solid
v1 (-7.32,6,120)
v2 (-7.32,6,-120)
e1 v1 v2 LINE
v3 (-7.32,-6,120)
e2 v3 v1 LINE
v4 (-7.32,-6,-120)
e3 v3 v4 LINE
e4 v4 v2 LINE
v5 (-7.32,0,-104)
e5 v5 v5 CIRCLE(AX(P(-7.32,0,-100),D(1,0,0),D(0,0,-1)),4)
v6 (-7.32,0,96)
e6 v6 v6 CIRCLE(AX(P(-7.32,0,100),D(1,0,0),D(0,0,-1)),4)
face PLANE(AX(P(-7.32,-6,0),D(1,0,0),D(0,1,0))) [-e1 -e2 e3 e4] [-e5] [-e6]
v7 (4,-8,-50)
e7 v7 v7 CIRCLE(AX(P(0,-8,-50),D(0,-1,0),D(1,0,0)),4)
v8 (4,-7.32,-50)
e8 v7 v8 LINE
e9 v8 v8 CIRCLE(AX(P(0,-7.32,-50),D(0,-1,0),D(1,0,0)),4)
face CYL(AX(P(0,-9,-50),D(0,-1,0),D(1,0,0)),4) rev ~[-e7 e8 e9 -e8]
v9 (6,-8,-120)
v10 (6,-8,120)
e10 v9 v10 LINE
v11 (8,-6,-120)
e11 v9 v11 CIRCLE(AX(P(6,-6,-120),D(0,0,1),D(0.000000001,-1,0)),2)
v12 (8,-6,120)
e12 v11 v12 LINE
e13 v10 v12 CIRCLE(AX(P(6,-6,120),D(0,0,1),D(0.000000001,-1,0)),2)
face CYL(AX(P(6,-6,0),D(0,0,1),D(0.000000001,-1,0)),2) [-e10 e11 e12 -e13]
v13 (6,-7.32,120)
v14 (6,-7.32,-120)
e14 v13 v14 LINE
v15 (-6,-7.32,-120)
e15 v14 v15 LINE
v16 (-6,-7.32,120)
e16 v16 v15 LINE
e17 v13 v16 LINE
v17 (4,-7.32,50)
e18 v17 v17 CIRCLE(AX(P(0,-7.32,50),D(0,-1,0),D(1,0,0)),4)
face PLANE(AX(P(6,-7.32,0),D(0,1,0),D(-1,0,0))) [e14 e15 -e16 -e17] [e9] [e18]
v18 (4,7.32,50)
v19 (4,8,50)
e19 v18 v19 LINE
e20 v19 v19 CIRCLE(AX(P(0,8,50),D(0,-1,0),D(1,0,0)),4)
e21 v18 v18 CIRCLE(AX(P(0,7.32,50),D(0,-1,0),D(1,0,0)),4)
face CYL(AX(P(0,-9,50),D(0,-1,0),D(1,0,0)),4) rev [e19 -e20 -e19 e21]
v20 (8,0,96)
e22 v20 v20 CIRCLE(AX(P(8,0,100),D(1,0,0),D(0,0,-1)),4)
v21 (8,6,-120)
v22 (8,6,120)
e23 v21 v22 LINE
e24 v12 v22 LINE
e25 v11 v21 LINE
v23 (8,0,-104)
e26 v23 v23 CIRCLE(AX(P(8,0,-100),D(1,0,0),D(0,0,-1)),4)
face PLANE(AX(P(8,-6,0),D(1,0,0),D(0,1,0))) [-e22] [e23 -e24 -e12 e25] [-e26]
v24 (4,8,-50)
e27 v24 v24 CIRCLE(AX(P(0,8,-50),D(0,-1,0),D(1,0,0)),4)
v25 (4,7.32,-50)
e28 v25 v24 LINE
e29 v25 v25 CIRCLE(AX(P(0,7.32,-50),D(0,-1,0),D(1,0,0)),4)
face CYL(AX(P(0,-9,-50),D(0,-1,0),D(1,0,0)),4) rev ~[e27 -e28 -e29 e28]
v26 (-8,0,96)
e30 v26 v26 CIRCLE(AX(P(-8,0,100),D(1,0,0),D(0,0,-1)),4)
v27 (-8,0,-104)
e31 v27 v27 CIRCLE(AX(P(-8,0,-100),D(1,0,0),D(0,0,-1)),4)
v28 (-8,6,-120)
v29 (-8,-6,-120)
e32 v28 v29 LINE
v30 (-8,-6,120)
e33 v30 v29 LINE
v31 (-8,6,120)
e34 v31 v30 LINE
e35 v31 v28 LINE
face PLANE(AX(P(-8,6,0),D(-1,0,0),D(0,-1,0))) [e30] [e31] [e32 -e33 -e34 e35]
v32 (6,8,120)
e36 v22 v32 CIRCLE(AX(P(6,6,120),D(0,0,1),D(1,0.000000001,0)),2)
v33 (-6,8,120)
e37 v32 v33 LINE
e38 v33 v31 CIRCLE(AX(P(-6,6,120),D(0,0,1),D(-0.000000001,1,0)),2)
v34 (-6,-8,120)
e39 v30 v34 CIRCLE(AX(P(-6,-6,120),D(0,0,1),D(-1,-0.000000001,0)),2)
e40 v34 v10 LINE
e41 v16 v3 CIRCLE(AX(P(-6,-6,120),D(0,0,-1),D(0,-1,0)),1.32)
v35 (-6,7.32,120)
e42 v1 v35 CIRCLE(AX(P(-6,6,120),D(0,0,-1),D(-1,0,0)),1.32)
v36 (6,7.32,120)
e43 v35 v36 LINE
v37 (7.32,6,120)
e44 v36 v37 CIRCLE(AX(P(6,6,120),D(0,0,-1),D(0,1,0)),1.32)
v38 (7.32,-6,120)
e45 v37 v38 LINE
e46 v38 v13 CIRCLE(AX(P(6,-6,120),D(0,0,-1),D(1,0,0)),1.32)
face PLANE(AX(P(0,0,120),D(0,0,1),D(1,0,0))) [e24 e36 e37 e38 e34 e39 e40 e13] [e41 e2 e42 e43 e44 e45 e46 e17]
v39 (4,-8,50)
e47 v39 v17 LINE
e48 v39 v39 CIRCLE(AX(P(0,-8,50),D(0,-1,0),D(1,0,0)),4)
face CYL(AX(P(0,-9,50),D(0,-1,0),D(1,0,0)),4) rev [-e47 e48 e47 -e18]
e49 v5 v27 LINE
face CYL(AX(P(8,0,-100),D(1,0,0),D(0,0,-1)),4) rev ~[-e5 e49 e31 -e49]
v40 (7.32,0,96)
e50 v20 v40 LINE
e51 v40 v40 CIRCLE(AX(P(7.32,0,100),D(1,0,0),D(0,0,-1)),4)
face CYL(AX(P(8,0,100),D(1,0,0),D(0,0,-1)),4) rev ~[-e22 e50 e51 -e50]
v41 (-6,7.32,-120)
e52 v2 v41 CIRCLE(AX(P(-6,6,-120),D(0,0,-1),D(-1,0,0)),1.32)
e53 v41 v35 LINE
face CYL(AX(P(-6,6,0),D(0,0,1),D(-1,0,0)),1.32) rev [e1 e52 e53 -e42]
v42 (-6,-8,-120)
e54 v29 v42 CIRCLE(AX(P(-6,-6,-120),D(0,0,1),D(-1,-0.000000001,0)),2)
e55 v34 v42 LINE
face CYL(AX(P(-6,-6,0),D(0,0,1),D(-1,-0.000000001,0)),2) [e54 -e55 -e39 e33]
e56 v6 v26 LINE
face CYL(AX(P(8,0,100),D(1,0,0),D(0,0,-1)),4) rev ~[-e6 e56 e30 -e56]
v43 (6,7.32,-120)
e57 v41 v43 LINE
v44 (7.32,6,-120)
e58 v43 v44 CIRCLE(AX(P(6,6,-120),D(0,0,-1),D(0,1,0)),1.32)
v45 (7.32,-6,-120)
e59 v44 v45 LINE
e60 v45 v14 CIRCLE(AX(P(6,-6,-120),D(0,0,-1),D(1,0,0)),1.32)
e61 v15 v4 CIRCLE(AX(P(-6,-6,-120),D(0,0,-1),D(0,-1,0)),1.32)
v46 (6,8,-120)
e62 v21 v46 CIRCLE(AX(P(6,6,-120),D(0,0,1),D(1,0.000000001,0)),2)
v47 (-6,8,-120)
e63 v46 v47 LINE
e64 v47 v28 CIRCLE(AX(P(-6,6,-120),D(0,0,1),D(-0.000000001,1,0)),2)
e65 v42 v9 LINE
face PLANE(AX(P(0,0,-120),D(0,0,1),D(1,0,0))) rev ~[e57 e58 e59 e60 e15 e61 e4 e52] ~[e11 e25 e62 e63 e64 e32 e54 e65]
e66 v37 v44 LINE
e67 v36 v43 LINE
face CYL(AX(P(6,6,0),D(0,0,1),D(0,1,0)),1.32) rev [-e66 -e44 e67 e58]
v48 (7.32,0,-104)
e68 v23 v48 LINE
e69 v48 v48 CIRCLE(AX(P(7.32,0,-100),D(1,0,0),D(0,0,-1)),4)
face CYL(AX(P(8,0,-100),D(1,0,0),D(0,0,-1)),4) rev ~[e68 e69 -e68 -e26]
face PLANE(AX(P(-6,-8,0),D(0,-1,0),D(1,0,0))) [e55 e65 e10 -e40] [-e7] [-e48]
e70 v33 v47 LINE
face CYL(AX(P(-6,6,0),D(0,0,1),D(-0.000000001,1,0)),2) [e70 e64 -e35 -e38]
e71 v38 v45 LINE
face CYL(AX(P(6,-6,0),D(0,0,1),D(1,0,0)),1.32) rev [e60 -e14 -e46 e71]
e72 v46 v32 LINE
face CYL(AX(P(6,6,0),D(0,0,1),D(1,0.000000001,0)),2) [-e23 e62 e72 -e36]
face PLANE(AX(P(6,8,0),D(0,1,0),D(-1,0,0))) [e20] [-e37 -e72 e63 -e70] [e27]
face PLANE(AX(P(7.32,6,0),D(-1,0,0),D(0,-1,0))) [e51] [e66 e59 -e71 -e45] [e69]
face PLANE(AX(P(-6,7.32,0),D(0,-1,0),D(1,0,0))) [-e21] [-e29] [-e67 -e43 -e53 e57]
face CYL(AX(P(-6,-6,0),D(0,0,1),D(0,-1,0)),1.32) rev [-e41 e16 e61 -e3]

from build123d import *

# Parameters (mm, degrees)
BOSS_EXTRUDE1_DEPTH      = 120
BOSS_EXTRUDE1_DEPTH_BACK = 120
CUT_EXTRUDE1_START       = -17
SKETCH2_R                = 4
CUT_EXTRUDE1_DEPTH       = 18
SKETCH3_R                = 4
CUT_EXTRUDE2_DEPTH       = 1
CUT_EXTRUDE2_DEPTH_BACK  = 17


with BuildPart() as part:
    # Sketch1 → Boss-Extrude1 (new body, two sides)
    with BuildSketch(Plane.XY) as boss_extrude1_sk:
        with BuildLine():
            Line((-6, -8), (6, -8))
            ThreePointArc((6, -8), (7.414213562, -7.414213562), (8, -6))
            Line((8, -6), (8, 6))
            ThreePointArc((8, 6), (7.414213562, 7.414213562), (6, 8))
            Line((6, 8), (-6, 8))
            ThreePointArc((-6, 8), (-7.414213562, 7.414213562), (-8, 6))
            Line((-8, 6), (-8, -6))
            ThreePointArc((-8, -6), (-7.414213562, -7.414213562), (-6, -8))
        make_face()
        with BuildLine():
            Line((-6, 7.32), (6, 7.32))
            ThreePointArc((6, 7.32), (6.933380951, 6.933380951), (7.32, 6))
            Line((7.32, 6), (7.32, -6))
            ThreePointArc((7.32, -6), (6.933380951, -6.933380951), (6, -7.32))
            Line((6, -7.32), (-6, -7.32))
            ThreePointArc((-6, -7.32), (-6.933380951, -6.933380951), (-7.32, -6))
            Line((-7.32, -6), (-7.32, 6))
            ThreePointArc((-7.32, 6), (-6.933380951, 6.933380951), (-6, 7.32))
        make_face(mode=Mode.SUBTRACT)
    extrude(amount=BOSS_EXTRUDE1_DEPTH)
    extrude(boss_extrude1_sk.sketch, amount=-BOSS_EXTRUDE1_DEPTH_BACK)

    # Sketch2 → Cut-Extrude1 (cut)
    with BuildSketch(Plane(origin=(0, 8, 0), x_dir=(1, 0, 0), z_dir=(0, 1, 0)).offset(CUT_EXTRUDE1_START)):
        with Locations((0, -50)):
            Circle(SKETCH2_R)
    cut_extrude1 = extrude(amount=CUT_EXTRUDE1_DEPTH, mode=Mode.SUBTRACT)

    # Mirror1: Cut-Extrude1 across plane
    add(cut_extrude1.mirror(Plane.XY), mode=Mode.SUBTRACT)

    # Sketch3 → Cut-Extrude2 (cut, two sides)
    with BuildSketch(Plane(origin=(8, 0, 0), x_dir=(0, 0, -1), z_dir=(1, 0, 0))) as cut_extrude2_sk:
        with Locations((-100, 0)):
            Circle(SKETCH3_R)
        with Locations((100, 0)):
            Circle(SKETCH3_R)
    extrude(amount=CUT_EXTRUDE2_DEPTH, mode=Mode.SUBTRACT)
    extrude(cut_extrude2_sk.sketch, amount=-CUT_EXTRUDE2_DEPTH_BACK, mode=Mode.SUBTRACT)


solid = part.part
